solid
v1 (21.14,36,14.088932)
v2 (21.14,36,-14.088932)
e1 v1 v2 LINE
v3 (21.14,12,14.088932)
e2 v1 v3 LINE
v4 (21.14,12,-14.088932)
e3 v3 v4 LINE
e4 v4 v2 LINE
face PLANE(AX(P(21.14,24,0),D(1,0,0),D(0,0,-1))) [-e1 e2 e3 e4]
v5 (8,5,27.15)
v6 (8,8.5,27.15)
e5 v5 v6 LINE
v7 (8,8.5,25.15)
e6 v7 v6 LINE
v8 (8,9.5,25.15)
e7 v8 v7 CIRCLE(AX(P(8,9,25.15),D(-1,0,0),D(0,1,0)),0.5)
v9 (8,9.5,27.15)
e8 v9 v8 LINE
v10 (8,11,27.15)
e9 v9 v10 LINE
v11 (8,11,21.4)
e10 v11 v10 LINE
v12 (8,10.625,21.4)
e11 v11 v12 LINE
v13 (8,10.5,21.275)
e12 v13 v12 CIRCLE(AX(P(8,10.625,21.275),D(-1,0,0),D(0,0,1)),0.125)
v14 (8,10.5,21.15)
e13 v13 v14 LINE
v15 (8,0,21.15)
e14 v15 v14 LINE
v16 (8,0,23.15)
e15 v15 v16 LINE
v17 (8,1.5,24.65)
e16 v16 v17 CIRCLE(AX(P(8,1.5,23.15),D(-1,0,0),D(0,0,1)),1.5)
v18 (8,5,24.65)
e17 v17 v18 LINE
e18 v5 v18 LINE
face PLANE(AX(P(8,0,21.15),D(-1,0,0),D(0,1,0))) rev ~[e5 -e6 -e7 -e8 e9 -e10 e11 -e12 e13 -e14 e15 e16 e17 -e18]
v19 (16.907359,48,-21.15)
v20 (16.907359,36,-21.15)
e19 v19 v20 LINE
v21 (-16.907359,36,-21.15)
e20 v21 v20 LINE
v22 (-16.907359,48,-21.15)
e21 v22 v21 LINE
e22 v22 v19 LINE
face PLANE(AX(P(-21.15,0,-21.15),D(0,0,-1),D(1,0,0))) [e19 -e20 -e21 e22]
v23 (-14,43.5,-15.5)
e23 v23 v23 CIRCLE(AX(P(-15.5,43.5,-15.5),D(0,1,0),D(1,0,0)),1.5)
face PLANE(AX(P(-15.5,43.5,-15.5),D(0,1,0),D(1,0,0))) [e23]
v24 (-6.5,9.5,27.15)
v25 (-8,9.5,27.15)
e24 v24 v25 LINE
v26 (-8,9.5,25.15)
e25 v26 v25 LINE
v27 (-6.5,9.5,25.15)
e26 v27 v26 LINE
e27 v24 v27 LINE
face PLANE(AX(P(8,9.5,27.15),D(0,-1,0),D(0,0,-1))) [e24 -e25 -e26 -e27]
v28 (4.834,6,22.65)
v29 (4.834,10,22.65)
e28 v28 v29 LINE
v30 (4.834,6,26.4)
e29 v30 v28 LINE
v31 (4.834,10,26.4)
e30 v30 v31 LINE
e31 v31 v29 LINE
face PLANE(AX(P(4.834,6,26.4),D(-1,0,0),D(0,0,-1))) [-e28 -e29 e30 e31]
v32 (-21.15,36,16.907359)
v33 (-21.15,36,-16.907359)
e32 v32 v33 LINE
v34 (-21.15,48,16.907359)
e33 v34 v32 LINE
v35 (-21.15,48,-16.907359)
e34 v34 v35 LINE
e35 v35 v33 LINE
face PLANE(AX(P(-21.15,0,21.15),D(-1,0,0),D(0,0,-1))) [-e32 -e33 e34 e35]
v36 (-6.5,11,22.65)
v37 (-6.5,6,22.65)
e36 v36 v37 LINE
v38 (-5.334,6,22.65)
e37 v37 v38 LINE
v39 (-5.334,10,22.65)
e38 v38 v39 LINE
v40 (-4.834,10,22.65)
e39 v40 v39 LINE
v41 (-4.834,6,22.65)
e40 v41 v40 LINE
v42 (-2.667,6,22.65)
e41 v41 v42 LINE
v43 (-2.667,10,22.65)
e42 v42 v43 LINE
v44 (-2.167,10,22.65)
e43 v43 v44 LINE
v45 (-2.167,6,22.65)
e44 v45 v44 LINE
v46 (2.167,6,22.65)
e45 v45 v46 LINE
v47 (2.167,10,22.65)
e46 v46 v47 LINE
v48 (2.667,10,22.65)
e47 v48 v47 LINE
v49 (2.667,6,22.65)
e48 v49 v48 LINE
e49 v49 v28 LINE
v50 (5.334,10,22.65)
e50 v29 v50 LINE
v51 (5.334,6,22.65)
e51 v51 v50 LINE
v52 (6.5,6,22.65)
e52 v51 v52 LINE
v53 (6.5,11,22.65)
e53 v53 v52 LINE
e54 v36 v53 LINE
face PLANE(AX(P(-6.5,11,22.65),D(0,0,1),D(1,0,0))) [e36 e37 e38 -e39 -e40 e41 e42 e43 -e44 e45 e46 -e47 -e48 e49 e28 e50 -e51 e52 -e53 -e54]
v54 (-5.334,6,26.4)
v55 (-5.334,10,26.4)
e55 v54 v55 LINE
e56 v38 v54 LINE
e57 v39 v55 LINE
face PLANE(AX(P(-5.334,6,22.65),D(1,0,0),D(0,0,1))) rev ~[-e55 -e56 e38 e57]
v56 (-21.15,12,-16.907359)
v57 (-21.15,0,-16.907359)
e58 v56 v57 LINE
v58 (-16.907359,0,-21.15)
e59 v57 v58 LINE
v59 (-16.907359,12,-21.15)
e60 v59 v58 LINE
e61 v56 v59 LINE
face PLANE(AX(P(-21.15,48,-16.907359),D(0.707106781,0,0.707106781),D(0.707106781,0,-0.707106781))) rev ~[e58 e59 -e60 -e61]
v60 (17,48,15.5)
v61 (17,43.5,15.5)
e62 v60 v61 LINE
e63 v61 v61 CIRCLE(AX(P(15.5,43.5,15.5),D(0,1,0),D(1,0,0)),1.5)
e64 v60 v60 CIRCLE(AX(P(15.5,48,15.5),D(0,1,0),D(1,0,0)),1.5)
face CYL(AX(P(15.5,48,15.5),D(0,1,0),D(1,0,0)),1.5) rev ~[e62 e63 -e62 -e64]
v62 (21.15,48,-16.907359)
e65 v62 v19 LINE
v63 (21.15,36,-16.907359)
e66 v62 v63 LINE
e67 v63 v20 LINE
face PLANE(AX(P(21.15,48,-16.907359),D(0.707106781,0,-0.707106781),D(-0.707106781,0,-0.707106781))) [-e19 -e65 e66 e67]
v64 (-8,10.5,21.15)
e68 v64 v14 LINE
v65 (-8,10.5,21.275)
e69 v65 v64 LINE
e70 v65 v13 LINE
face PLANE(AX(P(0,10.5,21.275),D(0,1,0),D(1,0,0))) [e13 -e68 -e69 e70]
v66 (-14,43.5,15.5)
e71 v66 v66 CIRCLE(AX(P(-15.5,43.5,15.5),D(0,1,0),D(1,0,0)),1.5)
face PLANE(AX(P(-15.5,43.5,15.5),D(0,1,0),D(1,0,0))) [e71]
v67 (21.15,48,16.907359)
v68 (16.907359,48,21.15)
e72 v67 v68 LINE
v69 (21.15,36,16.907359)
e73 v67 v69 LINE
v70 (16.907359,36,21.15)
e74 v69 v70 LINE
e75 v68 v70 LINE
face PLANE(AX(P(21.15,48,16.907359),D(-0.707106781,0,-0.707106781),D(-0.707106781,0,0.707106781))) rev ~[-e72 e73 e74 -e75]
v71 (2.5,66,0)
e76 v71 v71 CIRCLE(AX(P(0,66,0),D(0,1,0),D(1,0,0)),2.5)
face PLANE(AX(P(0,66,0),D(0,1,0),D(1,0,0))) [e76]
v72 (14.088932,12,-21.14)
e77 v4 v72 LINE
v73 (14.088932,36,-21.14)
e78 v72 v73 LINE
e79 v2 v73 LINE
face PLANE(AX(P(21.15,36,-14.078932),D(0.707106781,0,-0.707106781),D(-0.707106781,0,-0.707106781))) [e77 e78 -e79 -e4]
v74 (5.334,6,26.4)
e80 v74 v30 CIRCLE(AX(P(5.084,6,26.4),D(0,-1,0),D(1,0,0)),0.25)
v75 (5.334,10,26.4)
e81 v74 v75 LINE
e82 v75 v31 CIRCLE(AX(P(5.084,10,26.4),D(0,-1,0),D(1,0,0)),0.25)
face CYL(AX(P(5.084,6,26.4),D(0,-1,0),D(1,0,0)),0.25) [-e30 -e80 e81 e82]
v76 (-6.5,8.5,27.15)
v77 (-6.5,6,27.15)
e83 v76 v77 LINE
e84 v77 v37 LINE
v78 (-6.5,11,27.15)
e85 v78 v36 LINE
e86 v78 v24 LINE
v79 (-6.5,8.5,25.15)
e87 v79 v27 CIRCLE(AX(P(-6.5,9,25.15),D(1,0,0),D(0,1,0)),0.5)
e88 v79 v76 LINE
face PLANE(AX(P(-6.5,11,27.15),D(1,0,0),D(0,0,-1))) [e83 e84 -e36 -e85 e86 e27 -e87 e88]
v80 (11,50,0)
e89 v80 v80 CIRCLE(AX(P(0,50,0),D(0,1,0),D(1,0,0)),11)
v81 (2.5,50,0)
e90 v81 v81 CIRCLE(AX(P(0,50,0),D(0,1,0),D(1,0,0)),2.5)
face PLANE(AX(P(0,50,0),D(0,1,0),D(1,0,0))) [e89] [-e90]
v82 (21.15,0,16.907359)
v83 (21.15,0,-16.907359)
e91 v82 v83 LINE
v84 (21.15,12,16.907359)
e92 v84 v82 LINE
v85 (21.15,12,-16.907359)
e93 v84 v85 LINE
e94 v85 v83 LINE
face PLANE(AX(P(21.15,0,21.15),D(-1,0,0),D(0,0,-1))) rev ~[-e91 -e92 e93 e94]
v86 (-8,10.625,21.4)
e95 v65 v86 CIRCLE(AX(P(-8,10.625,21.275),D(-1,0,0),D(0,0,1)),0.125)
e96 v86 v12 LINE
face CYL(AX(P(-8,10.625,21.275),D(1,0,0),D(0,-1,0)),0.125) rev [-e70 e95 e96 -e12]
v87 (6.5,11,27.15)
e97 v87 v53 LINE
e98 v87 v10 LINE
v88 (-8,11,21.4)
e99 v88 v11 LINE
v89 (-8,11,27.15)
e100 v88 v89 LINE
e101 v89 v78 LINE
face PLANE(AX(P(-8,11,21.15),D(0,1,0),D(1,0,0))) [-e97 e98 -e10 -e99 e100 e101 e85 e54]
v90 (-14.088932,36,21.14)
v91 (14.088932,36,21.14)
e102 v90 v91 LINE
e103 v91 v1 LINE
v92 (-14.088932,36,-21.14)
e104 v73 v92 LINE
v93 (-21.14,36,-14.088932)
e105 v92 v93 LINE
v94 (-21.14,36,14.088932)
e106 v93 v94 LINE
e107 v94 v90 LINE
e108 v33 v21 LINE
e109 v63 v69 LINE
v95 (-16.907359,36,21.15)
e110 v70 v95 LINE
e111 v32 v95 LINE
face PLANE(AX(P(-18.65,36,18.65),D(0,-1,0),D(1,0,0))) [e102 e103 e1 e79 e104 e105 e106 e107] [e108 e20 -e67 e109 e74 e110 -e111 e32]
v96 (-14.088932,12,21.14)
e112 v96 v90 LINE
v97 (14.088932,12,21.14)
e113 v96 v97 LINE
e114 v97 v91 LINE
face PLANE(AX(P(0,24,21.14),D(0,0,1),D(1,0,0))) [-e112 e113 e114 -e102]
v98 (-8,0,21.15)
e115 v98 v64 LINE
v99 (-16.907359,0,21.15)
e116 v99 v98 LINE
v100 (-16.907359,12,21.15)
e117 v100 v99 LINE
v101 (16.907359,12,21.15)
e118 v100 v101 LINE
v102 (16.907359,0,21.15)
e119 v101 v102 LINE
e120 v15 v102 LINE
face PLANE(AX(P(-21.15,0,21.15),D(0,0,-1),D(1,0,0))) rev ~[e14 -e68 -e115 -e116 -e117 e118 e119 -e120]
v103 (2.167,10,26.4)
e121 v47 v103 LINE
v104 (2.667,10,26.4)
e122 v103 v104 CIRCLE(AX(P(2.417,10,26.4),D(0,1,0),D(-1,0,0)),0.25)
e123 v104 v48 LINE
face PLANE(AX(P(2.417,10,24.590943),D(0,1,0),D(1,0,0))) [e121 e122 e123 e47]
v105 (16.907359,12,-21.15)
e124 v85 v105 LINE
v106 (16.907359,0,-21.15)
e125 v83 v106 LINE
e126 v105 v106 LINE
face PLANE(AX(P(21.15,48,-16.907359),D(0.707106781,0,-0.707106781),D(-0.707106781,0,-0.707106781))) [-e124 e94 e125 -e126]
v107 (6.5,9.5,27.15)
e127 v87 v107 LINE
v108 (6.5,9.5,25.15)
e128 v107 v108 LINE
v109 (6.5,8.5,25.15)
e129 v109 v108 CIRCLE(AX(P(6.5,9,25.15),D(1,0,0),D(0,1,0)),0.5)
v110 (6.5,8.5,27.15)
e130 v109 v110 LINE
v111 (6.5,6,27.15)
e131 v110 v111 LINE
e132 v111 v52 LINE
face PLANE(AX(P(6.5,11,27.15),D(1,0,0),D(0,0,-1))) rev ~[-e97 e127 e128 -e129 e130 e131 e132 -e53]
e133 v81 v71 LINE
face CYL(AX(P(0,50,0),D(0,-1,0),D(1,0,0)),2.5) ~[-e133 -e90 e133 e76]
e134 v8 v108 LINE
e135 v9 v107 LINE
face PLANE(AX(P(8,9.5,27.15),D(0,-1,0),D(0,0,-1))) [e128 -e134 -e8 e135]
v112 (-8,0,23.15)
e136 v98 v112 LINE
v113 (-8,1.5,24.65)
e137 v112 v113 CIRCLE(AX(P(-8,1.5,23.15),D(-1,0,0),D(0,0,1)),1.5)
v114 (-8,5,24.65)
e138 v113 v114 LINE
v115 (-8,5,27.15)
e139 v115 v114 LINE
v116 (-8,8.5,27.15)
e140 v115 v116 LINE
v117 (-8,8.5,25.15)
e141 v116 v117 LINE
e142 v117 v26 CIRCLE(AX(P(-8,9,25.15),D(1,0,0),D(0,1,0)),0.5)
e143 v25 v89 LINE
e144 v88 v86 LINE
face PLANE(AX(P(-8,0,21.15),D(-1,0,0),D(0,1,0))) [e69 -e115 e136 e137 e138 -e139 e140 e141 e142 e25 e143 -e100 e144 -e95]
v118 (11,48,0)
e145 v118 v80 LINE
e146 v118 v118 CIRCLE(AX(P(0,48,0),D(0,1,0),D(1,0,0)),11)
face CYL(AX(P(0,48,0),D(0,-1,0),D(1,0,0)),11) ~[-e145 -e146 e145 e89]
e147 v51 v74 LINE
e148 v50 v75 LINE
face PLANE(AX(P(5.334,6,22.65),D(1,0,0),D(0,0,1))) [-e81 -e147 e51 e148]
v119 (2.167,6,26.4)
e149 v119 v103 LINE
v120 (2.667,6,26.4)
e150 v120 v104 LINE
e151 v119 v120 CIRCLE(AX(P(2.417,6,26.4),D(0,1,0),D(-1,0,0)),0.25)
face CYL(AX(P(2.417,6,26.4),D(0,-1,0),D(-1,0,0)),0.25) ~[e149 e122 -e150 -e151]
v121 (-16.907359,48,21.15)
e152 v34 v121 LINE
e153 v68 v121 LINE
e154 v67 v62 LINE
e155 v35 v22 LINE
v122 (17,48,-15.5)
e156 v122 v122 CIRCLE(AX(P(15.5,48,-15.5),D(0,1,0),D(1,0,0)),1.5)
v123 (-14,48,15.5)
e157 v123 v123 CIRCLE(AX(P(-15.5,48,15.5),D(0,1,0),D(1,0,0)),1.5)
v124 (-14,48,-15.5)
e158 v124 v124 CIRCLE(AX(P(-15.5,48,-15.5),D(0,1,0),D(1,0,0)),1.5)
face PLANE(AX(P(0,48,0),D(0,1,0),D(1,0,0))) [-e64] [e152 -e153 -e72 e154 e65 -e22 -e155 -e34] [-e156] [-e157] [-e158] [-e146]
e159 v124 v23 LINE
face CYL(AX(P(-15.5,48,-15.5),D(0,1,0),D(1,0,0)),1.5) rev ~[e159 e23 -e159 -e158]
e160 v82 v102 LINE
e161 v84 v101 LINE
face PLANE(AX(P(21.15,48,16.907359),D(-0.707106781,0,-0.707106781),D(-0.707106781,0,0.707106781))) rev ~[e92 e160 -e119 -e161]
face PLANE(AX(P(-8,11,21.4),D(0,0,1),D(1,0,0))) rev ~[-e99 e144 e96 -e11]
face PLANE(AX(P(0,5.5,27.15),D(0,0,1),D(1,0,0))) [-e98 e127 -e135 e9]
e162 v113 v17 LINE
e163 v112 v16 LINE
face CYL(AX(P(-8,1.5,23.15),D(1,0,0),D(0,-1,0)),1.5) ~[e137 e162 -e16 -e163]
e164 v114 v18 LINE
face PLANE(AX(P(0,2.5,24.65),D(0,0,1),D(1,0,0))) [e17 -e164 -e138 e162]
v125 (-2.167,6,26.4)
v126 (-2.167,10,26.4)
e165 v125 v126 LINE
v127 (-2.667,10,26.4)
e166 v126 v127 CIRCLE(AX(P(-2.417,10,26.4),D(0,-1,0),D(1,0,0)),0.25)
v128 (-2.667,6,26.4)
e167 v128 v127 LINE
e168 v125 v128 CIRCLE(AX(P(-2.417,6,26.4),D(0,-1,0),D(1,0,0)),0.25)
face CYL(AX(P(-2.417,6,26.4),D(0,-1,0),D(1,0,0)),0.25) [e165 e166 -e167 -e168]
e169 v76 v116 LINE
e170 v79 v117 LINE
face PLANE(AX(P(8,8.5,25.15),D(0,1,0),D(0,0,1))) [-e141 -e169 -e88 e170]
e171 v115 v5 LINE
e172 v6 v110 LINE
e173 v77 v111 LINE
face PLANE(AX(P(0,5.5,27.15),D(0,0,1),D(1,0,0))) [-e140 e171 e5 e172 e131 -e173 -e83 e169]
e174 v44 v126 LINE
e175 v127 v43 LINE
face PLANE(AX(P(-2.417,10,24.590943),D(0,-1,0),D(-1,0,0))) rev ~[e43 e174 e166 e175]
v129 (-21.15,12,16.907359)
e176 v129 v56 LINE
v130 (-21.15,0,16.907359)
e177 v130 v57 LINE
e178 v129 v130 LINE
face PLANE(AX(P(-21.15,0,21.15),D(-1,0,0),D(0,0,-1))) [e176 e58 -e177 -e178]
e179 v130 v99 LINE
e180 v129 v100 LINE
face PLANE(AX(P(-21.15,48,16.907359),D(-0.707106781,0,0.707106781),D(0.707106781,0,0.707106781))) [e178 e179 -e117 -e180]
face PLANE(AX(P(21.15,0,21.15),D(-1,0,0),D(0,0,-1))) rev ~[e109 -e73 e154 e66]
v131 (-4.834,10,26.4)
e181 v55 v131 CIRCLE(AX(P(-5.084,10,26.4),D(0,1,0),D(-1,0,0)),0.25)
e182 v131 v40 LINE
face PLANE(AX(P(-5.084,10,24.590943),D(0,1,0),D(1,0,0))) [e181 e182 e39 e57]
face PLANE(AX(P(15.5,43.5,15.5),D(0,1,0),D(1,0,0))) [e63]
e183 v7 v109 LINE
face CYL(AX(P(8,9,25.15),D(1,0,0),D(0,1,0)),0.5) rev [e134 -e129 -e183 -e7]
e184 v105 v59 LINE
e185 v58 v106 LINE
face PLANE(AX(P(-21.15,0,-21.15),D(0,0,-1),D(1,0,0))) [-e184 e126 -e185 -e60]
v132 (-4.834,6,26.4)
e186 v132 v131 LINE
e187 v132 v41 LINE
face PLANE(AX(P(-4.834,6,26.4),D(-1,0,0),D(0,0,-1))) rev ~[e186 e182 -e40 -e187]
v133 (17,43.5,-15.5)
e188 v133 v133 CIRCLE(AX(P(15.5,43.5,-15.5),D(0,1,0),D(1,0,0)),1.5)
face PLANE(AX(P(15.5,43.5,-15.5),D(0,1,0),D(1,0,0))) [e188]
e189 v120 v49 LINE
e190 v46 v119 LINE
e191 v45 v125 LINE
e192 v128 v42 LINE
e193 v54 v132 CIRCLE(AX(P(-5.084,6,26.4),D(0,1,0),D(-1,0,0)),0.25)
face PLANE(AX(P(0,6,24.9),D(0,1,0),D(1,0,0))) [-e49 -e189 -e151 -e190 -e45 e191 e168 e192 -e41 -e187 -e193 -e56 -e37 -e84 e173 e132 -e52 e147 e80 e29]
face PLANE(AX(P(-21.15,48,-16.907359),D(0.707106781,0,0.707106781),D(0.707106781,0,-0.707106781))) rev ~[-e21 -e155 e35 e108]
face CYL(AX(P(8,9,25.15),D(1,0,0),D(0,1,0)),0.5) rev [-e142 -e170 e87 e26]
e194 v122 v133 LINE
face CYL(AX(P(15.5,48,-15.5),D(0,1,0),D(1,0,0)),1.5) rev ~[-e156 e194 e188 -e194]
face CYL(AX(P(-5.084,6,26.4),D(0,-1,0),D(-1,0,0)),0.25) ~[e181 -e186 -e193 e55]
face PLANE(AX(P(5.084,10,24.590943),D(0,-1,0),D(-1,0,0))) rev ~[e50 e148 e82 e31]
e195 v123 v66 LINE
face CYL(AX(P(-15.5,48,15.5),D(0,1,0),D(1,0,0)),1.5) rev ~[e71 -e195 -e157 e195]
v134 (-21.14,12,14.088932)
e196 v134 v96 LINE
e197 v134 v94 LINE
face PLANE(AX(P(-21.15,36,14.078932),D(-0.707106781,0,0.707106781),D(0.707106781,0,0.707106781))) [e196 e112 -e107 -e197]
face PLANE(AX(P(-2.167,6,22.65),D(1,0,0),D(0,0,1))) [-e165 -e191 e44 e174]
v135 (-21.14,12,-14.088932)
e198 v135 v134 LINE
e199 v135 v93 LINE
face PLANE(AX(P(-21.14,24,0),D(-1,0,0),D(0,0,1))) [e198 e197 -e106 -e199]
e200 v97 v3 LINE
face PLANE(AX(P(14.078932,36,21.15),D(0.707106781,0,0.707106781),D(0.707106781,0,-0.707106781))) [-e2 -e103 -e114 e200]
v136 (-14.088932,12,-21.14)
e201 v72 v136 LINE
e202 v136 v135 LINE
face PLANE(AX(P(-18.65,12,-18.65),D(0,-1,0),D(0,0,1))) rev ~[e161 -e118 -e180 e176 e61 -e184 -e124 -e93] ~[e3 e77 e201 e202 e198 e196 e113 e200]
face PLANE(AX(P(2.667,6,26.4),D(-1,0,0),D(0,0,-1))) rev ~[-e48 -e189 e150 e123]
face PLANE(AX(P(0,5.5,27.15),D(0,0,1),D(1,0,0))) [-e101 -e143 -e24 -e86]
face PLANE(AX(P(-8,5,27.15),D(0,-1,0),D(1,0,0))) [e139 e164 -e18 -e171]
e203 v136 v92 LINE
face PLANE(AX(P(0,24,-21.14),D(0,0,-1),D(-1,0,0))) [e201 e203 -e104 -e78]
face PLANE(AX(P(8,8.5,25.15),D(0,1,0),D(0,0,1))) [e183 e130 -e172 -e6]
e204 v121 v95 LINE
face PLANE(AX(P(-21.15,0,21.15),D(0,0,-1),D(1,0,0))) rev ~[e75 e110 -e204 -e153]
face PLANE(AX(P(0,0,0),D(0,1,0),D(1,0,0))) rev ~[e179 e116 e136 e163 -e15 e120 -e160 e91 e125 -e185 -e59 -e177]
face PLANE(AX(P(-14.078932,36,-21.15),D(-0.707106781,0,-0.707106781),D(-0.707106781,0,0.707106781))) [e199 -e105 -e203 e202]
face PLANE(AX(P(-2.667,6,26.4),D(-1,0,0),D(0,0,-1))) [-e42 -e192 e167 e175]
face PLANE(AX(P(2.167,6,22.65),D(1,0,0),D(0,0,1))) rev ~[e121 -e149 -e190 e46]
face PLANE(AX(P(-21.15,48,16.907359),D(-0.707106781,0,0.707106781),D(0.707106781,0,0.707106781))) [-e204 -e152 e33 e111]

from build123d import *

# Parameters (mm, degrees)
SKETCH1_W               = 42.3
SKETCH1_H               = 42.3
BOSS_EXTRUDE1_DEPTH     = 48
SKETCH2_R               = 11
BOSS_EXTRUDE2_DEPTH     = 2
SKETCH3_R               = 2.5
BOSS_EXTRUDE3_DEPTH     = 16
CUT_EXTRUDE1_DEPTH      = 19
CUT_EXTRUDE1_DEPTH_BACK = 49
SKETCH5_W               = 33.814718626
SKETCH5_H               = 24
CUT_EXTRUDE2_DEPTH      = 0.01
CUT_EXTRUDE3_START      = -12
CUT_EXTRUDE3_DEPTH      = 24
CIRPATTERN1_COUNT       = 4
SKETCH7_R               = 1.5
CUT_EXTRUDE4_DEPTH      = 4.5
SKETCH8_W               = 16
SKETCH8_H               = 11
BOSS_EXTRUDE4_DEPTH     = 6
SKETCH9_W               = 16
SKETCH9_H               = 5
CUT_EXTRUDE5_DEPTH      = 2.5
FILLET1_R               = 1.5
SKETCH10_W              = 13
SKETCH10_H              = 4.5
CUT_EXTRUDE6_DEPTH      = 5
CUT_EXTRUDE7_DEPTH      = 30.15
BOSS_EXTRUDE5_DEPTH     = 4
SKETCH13_W              = 16
SKETCH13_H              = 0.25
CUT_EXTRUDE8_DEPTH      = 0.5
FILLET2_R               = 0.125


with BuildPart() as part:
    # Sketch1 → Boss-Extrude1 (new body)
    with BuildSketch(Plane(origin=(0, 0, 0), x_dir=(1, 0, 0), z_dir=(0, 1, 0))):
        Rectangle(SKETCH1_W, SKETCH1_H)
    extrude(amount=BOSS_EXTRUDE1_DEPTH)

    # Sketch2 → Boss-Extrude2 (add)
    with BuildSketch(Plane(origin=(0, 48, 0), x_dir=(1, 0, 0), z_dir=(0, 1, 0))):
        Circle(SKETCH2_R)
    extrude(amount=BOSS_EXTRUDE2_DEPTH)

    # Sketch3 → Boss-Extrude3 (add)
    with BuildSketch(Plane(origin=(0, 50, 0), x_dir=(1, 0, 0), z_dir=(0, 1, 0))):
        Circle(SKETCH3_R)
    extrude(amount=BOSS_EXTRUDE3_DEPTH)

    # Sketch4 → Cut-Extrude1 (cut, two sides)
    with BuildSketch(Plane(origin=(0, 48, 0), x_dir=(1, 0, 0), z_dir=(0, 1, 0))) as cut_extrude1_sk:
        Polygon((-21.15, 16.907359313), (-16.907359313, 21.15), (-21.15, 21.15), align=None)
        Polygon((21.15, 21.15), (21.15, 16.907359313), (16.907359313, 21.15), align=None)
        Polygon((21.15, -16.907359313), (16.907359313, -21.15), (21.15, -21.15), align=None)
        Polygon((-21.15, -21.15), (-21.15, -16.907359313), (-16.907359313, -21.15), align=None)
    extrude(amount=CUT_EXTRUDE1_DEPTH, mode=Mode.SUBTRACT)
    extrude(cut_extrude1_sk.sketch, amount=-CUT_EXTRUDE1_DEPTH_BACK, mode=Mode.SUBTRACT)

    # Sketch5 → Cut-Extrude2 (cut)
    with BuildSketch(Plane(origin=(21.15, 0, 0), x_dir=(0, 0, -1), z_dir=(1, 0, 0))):
        with Locations((0, 24)):
            Rectangle(SKETCH5_W, SKETCH5_H)
    cut_extrude2 = extrude(amount=-CUT_EXTRUDE2_DEPTH, mode=Mode.SUBTRACT)

    # Sketch6 → Cut-Extrude3 (cut)
    with BuildSketch(Plane(origin=(0, 48, 0), x_dir=(1, 0, 0), z_dir=(0, 1, 0)).offset(CUT_EXTRUDE3_START)):
        Polygon((21.15, 14.078932188), (14.078932188, 21.15), (21.15, 21.15), align=None)
    cut_extrude3 = extrude(amount=-CUT_EXTRUDE3_DEPTH, mode=Mode.SUBTRACT)

    # CirPattern1: Cut-Extrude2, Cut-Extrude3 ×4 about axis
    cirpattern1_axis = Axis((0, 0, 0), (0, 1, 0))
    for i in range(1, CIRPATTERN1_COUNT):
        add(cut_extrude2.rotate(cirpattern1_axis, i * 360 / CIRPATTERN1_COUNT), mode=Mode.SUBTRACT)
        add(cut_extrude3.rotate(cirpattern1_axis, i * 360 / CIRPATTERN1_COUNT), mode=Mode.SUBTRACT)

    # Sketch7 → Cut-Extrude4 (cut)
    with BuildSketch(Plane(origin=(0, 48, 0), x_dir=(1, 0, 0), z_dir=(0, 1, 0))):
        with Locations((15.5, 15.5)):
            Circle(SKETCH7_R)
        with Locations((15.5, -15.5)):
            Circle(SKETCH7_R)
        with Locations((-15.5, -15.5)):
            Circle(SKETCH7_R)
        with Locations((-15.5, 15.5)):
            Circle(SKETCH7_R)
    extrude(amount=-CUT_EXTRUDE4_DEPTH, mode=Mode.SUBTRACT)

    # Sketch8 → Boss-Extrude4 (add)
    with BuildSketch(Plane.XY.offset(21.15)):
        with Locations((0, 5.5)):
            Rectangle(SKETCH8_W, SKETCH8_H)
    extrude(amount=BOSS_EXTRUDE4_DEPTH)

    # Sketch9 → Cut-Extrude5 (cut)
    with BuildSketch(Plane.XY.offset(27.15)):
        with Locations((0, 2.5)):
            Rectangle(SKETCH9_W, SKETCH9_H)
    extrude(amount=-CUT_EXTRUDE5_DEPTH, mode=Mode.SUBTRACT)

    # Fillet1
    fillet1_edges = [part.edges().sort_by_distance(p)[0] for p in [
        (0, 0, 24.65),
    ]]
    fillet(fillet1_edges, radius=FILLET1_R)

    # Sketch10 → Cut-Extrude6 (cut)
    with BuildSketch(Plane(origin=(0, 11, 0), x_dir=(1, 0, 0), z_dir=(0, 1, 0))):
        with Locations((0, -24.9)):
            Rectangle(SKETCH10_W, SKETCH10_H)
    extrude(amount=-CUT_EXTRUDE6_DEPTH, mode=Mode.SUBTRACT)

    # Sketch11 → Cut-Extrude7 (cut, through all)
    with BuildSketch(Plane(origin=(8, 0, 0), x_dir=(0, 0, -1), z_dir=(1, 0, 0))):
        with BuildLine():
            Line((-27.15, 9.5), (-25.15, 9.5))
            ThreePointArc((-25.15, 9.5), (-24.65, 9), (-25.15, 8.5))
            Line((-25.15, 8.5), (-27.15, 8.5))
            Line((-27.15, 8.5), (-27.15, 9.5))
        make_face()
    extrude(amount=-CUT_EXTRUDE7_DEPTH, mode=Mode.SUBTRACT)

    # Sketch12 → Boss-Extrude5 (add)
    with BuildSketch(Plane(origin=(0, 6, 0), x_dir=(1, 0, 0), z_dir=(0, 1, 0))):
        with BuildLine():
            Line((-2.667, -22.65), (-2.167, -22.65))
            Line((-2.167, -22.65), (-2.167, -26.4))
            ThreePointArc((-2.167, -26.4), (-2.417, -26.65), (-2.667, -26.4))
            Line((-2.667, -26.4), (-2.667, -22.65))
        make_face()
        with BuildLine():
            Line((5.334, -22.65), (5.334, -26.4))
            ThreePointArc((5.334, -26.4), (5.084, -26.65), (4.834, -26.4))
            Line((4.834, -26.4), (4.834, -22.65))
            Line((4.834, -22.65), (5.334, -22.65))
        make_face()
        with BuildLine():
            Line((-4.834, -22.65), (-5.334, -22.65))
            Line((-5.334, -22.65), (-5.334, -26.4))
            ThreePointArc((-5.334, -26.4), (-5.084, -26.65), (-4.834, -26.4))
            Line((-4.834, -26.4), (-4.834, -22.65))
        make_face()
        with BuildLine():
            Line((2.167, -22.65), (2.167, -26.4))
            ThreePointArc((2.167, -26.4), (2.417, -26.65), (2.667, -26.4))
            Line((2.667, -26.4), (2.667, -22.65))
            Line((2.667, -22.65), (2.167, -22.65))
        make_face()
    extrude(amount=BOSS_EXTRUDE5_DEPTH)

    # Sketch13 → Cut-Extrude8 (cut)
    with BuildSketch(Plane(origin=(0, 11, 0), x_dir=(1, 0, 0), z_dir=(0, 1, 0))):
        with Locations((0, -21.275)):
            Rectangle(SKETCH13_W, SKETCH13_H)
    extrude(amount=-CUT_EXTRUDE8_DEPTH, mode=Mode.SUBTRACT)

    # Fillet2
    fillet2_edges = [part.edges().sort_by_distance(p)[0] for p in [
        (0, 10.5, 21.4),
    ]]
    fillet(fillet2_edges, radius=FILLET2_R)


solid = part.part
